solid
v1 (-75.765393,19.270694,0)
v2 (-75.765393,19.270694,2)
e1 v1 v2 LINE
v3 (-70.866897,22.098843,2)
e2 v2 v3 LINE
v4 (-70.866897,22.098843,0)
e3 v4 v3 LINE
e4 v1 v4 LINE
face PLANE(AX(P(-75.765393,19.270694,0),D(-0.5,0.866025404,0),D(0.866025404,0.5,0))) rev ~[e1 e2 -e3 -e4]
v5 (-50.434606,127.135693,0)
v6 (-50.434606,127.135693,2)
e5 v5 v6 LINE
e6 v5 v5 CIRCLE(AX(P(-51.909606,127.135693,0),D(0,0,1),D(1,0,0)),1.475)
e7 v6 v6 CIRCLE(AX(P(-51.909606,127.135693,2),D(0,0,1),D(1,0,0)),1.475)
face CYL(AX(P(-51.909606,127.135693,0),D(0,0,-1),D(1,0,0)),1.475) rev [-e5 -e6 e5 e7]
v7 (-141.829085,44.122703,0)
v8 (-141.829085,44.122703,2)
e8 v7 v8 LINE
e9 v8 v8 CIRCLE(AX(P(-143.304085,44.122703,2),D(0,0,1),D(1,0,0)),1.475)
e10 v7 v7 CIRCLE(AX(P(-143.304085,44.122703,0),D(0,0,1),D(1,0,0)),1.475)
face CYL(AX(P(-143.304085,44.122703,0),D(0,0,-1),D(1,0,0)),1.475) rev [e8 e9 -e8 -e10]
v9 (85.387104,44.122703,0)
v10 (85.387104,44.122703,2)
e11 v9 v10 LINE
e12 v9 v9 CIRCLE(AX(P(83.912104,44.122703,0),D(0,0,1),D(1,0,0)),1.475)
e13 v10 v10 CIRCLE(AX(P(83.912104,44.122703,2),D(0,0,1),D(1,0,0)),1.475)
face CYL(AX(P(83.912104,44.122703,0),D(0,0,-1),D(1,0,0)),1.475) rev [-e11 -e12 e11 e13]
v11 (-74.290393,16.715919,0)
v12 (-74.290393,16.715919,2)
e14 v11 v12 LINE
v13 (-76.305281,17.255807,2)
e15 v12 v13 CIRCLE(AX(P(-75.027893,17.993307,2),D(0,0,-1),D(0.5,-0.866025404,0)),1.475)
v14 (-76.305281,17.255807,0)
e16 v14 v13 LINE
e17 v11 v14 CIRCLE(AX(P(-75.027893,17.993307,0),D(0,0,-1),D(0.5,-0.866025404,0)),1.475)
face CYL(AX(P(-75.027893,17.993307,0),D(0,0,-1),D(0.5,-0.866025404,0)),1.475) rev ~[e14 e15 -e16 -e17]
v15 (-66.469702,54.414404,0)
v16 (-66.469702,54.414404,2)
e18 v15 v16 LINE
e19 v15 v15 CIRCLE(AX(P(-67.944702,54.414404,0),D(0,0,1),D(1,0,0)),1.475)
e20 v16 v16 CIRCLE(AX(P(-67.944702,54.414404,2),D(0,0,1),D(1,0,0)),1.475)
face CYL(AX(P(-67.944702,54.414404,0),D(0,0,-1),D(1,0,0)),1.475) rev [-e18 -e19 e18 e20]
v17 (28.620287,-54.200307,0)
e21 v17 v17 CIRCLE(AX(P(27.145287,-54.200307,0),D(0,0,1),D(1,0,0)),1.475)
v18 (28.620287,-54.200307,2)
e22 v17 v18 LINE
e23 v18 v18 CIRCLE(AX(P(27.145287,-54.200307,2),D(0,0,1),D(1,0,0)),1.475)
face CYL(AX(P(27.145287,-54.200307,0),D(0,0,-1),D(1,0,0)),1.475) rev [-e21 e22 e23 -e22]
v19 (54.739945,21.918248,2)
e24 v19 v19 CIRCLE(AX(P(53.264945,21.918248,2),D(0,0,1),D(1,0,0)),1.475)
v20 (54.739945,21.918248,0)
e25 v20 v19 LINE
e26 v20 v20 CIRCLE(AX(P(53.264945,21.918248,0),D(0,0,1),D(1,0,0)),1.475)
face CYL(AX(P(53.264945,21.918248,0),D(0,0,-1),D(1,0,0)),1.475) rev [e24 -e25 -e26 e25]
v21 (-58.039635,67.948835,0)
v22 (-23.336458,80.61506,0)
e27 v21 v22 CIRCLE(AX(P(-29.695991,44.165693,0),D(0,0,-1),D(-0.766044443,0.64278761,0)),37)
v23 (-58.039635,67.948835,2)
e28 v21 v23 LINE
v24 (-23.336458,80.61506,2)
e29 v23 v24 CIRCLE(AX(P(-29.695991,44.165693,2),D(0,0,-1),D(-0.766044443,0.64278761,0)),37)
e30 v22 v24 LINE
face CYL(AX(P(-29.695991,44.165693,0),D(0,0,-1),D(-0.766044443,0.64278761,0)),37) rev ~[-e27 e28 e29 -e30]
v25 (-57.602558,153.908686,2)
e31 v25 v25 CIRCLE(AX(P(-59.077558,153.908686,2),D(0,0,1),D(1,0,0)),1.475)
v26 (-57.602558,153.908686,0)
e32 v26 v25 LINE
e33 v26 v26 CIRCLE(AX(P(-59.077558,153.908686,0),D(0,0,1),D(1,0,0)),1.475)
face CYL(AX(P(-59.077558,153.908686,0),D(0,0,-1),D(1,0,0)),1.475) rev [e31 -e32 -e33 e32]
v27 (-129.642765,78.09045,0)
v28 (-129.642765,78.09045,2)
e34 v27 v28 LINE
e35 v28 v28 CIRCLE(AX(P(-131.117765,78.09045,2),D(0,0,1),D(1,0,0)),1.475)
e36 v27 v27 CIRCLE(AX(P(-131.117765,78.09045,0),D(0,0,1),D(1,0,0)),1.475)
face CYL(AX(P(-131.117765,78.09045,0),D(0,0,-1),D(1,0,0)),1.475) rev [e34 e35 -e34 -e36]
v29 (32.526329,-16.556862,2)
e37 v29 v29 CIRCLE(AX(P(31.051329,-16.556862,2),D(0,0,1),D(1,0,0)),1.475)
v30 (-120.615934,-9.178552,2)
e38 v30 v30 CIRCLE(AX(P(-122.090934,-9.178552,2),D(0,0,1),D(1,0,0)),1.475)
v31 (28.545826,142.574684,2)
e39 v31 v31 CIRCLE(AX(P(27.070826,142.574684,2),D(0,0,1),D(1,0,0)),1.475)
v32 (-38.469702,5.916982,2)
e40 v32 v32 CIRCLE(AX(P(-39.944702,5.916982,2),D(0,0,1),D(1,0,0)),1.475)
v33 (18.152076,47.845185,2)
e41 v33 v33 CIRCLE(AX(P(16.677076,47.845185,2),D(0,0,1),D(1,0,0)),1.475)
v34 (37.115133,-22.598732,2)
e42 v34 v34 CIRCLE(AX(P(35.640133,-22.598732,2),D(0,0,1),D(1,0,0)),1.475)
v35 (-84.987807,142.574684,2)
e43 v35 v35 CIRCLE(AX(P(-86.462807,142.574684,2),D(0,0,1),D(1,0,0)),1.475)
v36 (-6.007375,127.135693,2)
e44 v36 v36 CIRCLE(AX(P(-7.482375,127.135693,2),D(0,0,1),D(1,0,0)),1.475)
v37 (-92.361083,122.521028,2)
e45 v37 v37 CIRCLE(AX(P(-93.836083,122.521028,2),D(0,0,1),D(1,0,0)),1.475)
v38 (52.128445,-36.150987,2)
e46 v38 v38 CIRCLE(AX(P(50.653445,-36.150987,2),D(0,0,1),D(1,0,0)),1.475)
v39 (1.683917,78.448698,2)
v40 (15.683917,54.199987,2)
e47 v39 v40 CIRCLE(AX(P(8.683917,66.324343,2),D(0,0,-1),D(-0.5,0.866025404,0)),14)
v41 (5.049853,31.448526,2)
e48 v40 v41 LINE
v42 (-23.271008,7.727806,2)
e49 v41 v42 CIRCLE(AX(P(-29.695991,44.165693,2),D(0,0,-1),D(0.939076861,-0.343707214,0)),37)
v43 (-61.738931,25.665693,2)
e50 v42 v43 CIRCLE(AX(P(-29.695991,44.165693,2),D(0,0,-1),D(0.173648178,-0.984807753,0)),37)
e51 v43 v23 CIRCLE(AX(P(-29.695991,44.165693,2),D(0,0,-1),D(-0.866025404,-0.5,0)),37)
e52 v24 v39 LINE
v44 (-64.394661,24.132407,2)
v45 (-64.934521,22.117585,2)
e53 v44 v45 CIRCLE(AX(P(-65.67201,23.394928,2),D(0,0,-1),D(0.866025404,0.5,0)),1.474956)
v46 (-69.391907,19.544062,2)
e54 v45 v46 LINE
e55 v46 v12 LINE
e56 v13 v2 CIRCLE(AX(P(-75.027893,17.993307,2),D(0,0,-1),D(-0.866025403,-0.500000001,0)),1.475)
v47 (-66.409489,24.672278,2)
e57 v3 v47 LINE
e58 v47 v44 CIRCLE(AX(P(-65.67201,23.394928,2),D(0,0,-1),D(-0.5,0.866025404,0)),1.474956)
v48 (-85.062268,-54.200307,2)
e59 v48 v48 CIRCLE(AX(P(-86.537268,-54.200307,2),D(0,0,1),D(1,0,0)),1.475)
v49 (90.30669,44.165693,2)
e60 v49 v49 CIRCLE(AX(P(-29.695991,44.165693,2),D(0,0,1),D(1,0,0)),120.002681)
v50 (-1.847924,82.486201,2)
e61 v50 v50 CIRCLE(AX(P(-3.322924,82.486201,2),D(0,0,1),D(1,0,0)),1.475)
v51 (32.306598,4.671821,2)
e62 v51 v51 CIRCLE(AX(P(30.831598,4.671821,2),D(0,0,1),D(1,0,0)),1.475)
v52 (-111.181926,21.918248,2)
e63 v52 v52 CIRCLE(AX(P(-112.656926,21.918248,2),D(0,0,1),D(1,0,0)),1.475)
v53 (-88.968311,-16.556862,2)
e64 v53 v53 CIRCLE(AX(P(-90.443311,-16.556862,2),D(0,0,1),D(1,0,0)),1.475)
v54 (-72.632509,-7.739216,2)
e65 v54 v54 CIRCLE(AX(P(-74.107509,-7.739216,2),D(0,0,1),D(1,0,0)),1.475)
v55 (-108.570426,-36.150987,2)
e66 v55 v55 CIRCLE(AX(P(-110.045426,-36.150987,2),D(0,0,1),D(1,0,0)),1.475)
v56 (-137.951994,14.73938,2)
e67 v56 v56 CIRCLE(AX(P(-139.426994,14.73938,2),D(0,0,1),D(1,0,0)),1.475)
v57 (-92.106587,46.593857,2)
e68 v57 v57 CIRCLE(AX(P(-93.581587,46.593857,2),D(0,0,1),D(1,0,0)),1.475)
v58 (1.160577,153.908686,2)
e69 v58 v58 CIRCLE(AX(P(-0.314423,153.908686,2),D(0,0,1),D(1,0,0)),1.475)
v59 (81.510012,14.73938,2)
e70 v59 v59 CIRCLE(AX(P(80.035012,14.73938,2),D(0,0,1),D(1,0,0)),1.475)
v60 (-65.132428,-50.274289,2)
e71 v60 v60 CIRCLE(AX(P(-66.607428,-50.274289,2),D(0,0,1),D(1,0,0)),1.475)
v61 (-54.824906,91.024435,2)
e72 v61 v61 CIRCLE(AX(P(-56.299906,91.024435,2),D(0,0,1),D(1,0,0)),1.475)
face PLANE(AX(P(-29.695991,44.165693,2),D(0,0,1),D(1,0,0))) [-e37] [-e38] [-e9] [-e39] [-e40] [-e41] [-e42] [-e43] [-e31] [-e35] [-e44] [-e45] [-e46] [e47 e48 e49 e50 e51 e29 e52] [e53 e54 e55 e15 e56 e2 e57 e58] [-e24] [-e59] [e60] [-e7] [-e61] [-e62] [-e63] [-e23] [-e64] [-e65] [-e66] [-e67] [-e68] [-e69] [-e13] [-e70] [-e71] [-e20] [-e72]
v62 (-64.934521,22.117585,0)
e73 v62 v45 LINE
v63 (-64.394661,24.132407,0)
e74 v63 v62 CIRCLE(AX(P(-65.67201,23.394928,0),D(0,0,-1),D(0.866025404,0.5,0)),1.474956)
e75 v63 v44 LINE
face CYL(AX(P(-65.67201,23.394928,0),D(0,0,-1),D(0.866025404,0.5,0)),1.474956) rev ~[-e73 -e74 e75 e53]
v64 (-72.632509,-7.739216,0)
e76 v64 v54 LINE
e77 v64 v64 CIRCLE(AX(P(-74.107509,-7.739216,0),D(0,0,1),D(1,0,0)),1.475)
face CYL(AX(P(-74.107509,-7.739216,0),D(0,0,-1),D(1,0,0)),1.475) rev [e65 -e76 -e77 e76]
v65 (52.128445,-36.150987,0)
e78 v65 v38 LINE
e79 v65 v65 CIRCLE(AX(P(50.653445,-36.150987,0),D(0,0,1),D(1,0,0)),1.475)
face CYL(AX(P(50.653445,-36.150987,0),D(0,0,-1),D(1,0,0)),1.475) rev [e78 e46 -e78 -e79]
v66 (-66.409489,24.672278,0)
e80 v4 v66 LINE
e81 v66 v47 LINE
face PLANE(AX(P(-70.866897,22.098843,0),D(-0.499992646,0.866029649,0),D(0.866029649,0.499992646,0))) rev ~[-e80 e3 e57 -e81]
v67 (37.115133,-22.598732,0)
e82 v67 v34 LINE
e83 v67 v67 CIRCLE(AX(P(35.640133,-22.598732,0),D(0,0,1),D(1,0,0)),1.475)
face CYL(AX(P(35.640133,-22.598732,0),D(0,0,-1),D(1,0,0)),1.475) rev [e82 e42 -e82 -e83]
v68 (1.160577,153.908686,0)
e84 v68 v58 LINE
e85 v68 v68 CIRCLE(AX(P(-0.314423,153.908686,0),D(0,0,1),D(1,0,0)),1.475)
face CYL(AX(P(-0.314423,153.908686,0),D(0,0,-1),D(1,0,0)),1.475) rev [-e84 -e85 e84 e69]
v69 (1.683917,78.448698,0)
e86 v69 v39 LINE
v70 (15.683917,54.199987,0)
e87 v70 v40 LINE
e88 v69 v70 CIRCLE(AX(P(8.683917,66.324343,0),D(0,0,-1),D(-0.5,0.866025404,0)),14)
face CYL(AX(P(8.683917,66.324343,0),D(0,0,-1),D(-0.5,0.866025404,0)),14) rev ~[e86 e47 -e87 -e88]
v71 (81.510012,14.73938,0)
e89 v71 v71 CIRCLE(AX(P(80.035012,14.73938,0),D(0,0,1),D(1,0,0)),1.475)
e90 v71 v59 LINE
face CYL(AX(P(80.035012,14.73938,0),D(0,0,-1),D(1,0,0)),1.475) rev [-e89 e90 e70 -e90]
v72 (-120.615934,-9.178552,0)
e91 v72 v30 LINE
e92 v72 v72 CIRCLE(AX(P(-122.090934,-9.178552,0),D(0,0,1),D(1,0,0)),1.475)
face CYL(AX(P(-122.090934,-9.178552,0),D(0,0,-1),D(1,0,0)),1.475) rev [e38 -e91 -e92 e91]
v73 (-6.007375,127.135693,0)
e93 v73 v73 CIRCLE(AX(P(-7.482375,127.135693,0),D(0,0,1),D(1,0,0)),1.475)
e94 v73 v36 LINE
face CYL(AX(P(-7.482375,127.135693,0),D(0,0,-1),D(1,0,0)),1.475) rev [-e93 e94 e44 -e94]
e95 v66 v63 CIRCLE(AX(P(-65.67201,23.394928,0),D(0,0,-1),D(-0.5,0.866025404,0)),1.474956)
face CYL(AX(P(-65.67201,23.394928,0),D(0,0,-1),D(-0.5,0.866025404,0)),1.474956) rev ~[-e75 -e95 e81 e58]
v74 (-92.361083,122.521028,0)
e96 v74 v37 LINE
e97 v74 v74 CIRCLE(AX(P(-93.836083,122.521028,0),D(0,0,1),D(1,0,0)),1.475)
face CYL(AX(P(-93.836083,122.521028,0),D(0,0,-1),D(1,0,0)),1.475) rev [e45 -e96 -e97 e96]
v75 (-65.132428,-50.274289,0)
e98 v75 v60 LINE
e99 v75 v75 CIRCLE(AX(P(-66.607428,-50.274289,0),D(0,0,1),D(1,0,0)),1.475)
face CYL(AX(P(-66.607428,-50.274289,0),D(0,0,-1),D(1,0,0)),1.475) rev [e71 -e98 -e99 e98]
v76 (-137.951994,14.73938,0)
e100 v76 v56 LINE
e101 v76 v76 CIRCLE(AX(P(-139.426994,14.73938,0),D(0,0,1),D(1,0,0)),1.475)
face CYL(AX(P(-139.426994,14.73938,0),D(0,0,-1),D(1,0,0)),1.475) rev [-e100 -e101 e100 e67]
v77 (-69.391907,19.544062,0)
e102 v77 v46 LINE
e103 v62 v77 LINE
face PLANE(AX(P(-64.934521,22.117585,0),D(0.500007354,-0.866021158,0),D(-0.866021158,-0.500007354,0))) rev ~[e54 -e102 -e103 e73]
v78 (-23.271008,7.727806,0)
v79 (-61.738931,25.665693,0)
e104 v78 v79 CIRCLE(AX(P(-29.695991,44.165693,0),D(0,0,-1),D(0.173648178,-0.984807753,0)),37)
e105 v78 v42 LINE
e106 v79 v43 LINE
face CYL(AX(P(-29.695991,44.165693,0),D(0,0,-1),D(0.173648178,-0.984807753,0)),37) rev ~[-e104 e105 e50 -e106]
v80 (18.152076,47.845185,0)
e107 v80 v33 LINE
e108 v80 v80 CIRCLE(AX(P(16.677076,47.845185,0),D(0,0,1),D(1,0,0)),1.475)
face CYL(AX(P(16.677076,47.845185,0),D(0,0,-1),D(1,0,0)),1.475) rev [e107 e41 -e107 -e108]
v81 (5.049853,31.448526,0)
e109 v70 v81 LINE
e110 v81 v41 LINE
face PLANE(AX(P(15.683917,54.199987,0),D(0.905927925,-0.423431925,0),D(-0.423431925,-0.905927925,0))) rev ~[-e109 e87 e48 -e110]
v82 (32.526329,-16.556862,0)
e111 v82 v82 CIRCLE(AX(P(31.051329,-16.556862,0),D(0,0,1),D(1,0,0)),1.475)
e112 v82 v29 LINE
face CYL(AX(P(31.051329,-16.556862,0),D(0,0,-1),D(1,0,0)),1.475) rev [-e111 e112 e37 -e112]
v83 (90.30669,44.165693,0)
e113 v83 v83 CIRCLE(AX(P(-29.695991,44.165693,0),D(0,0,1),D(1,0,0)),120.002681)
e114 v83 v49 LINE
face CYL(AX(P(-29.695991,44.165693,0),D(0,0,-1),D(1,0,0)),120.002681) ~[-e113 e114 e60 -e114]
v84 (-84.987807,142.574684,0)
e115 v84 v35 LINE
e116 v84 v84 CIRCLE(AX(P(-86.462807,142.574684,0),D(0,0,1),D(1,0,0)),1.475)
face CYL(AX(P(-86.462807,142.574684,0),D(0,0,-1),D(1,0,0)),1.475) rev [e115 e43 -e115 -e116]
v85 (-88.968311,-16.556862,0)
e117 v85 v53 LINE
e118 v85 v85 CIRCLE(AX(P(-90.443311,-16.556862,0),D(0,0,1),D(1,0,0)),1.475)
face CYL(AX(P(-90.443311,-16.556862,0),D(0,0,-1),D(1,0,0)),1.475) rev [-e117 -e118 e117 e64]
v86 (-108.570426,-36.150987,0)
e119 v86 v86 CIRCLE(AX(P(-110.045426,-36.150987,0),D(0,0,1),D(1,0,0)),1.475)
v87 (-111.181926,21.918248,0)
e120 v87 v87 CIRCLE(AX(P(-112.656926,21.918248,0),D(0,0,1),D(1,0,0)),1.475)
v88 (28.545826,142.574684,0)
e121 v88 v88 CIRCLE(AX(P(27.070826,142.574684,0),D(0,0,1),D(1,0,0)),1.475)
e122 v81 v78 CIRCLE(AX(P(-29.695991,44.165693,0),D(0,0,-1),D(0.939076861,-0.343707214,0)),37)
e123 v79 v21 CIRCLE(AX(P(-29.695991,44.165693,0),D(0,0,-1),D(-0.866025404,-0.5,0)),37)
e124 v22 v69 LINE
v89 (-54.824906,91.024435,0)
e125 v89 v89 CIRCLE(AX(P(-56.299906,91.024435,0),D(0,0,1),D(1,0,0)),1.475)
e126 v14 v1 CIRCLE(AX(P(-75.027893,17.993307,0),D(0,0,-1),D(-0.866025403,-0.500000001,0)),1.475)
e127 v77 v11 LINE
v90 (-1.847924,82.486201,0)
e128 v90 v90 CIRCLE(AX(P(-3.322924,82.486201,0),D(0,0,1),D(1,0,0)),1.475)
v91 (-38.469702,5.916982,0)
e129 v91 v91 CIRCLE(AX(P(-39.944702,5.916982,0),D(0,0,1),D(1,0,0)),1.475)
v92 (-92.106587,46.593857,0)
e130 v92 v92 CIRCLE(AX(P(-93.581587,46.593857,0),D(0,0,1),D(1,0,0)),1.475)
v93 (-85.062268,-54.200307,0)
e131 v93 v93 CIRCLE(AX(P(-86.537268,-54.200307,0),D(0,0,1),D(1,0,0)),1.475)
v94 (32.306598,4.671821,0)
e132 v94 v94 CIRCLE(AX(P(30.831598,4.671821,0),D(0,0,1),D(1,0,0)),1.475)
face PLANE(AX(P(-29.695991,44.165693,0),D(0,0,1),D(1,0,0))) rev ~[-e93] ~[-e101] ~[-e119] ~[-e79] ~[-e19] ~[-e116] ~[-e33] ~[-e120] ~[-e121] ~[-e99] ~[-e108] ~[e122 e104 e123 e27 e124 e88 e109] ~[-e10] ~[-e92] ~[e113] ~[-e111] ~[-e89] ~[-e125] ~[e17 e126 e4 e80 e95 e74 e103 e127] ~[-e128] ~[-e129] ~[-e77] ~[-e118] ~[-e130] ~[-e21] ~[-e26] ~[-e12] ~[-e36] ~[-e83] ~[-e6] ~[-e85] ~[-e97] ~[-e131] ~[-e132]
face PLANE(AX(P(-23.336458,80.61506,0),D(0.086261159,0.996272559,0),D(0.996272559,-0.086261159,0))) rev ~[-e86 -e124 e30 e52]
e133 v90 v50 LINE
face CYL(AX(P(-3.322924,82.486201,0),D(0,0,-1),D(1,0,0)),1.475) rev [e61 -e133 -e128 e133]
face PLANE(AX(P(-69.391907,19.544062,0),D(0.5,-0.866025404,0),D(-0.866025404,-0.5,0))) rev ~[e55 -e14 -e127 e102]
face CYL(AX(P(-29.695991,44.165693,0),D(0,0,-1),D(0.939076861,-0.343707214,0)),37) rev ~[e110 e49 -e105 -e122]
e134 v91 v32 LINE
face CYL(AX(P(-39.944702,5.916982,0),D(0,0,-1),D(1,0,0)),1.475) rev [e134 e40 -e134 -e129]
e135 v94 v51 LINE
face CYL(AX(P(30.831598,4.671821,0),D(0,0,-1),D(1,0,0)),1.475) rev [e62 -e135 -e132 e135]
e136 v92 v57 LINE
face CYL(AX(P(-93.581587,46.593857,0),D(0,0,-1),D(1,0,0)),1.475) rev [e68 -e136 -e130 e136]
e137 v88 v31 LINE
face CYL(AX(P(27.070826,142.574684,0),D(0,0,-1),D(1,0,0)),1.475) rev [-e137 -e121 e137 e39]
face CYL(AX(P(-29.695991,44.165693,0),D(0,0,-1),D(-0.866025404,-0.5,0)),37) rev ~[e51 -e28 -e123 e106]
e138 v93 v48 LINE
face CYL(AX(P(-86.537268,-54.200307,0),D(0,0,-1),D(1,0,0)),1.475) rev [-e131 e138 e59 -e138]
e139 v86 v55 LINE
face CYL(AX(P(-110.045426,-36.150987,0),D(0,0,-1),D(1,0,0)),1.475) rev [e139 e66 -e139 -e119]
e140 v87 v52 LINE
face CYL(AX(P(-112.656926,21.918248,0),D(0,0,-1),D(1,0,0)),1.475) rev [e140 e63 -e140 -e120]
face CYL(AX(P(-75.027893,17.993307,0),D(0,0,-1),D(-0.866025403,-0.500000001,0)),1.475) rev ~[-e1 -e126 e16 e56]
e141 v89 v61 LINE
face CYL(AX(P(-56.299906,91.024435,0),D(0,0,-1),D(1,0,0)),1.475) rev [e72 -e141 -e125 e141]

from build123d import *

# Parameters (mm, degrees)
SKETCH1_R           = 120.00268075
SKETCH1_R_2         = 1.475
BOSS_EXTRUDE1_DEPTH = 2


with BuildPart() as part:
    # Sketch1 → Boss-Extrude1 (new body)
    with BuildSketch(Plane.XY):
        with Locations((-29.695990648, 44.165693097)):
            Circle(SKETCH1_R)
        with Locations((-131.117764712, 78.090450262)):
            Circle(SKETCH1_R_2, mode=Mode.SUBTRACT)
        with Locations((-93.581586999, 46.593857387)):
            Circle(SKETCH1_R_2, mode=Mode.SUBTRACT)
        with Locations((-56.299905637, 91.024435088)):
            Circle(SKETCH1_R_2, mode=Mode.SUBTRACT)
        with Locations((-93.83608335, 122.521027963)):
            Circle(SKETCH1_R_2, mode=Mode.SUBTRACT)
        with Locations((-110.045426455, -36.150986818)):
            Circle(SKETCH1_R_2, mode=Mode.SUBTRACT)
        with Locations((-122.090933715, -9.178552154)):
            Circle(SKETCH1_R_2, mode=Mode.SUBTRACT)
        with Locations((-90.443310675, -16.556862192)):
            Circle(SKETCH1_R_2, mode=Mode.SUBTRACT)
        with Locations((-86.537268392, -54.200307389)):
            Circle(SKETCH1_R_2, mode=Mode.SUBTRACT)
        with Locations((-66.607427563, -50.274288778)):
            Circle(SKETCH1_R_2, mode=Mode.SUBTRACT)
        with Locations((-74.107508579, -7.739215663)):
            Circle(SKETCH1_R_2, mode=Mode.SUBTRACT)
        with Locations((-139.426993706, 14.739380466)):
            Circle(SKETCH1_R_2, mode=Mode.SUBTRACT)
        with Locations((-112.656926125, 21.918248387)):
            Circle(SKETCH1_R_2, mode=Mode.SUBTRACT)
        with Locations((-143.304084809, 44.12270283)):
            Circle(SKETCH1_R_2, mode=Mode.SUBTRACT)
        with BuildLine():
            ThreePointArc((-66.409488535, 24.672278037), (-65.290263608, 24.819626794), (-64.394660767, 24.132406564))
            ThreePointArc((-64.394660767, 24.132406564), (-64.247310389, 23.013187685), (-64.934521394, 22.117585057))
            Line((-64.934521394, 22.117585057), (-69.391907416, 19.544061572))
            Line((-69.391907416, 19.544061572), (-74.290393291, 16.715919433))
            ThreePointArc((-74.290393291, 16.715919433), (-75.409651382, 16.56856631), (-76.305280761, 17.255806904))
            ThreePointArc((-76.305280761, 17.255806904), (-76.452633885, 18.375064995), (-75.765393291, 19.270694374))
            Line((-75.765393291, 19.270694374), (-70.866896569, 22.098842775))
            Line((-70.866896569, 22.098842775), (-66.409488535, 24.672278037))
        make_face(mode=Mode.SUBTRACT)
        with Locations((-39.944701954, 5.916981791)):
            Circle(SKETCH1_R_2, mode=Mode.SUBTRACT)
        with Locations((27.145287096, -54.200307389)):
            Circle(SKETCH1_R_2, mode=Mode.SUBTRACT)
        with Locations((50.653445159, -36.150986818)):
            Circle(SKETCH1_R_2, mode=Mode.SUBTRACT)
        with Locations((31.051329379, -16.556862192)):
            Circle(SKETCH1_R_2, mode=Mode.SUBTRACT)
        with Locations((35.640132692, -22.598732381)):
            Circle(SKETCH1_R_2, mode=Mode.SUBTRACT)
        with BuildLine():
            ThreePointArc((-23.271008074, 7.727806236), (-45.332866332, 10.632304977), (-61.738930588, 25.665693097))
            ThreePointArc((-61.738930588, 25.665693097), (-66.555194477, 47.390455579), (-58.039635043, 67.948834656))
            ThreePointArc((-58.039635043, 67.948834656), (-42.381951879, 78.922942523), (-23.336458345, 80.615060018))
            Line((-23.336458345, 80.615060018), (1.683916538, 78.448698496))
            ThreePointArc((1.683916538, 78.448698496), (20.808272191, 73.324342843), (15.683916538, 54.19998719))
            Line((15.683916538, 54.19998719), (5.049853209, 31.448526168))
            ThreePointArc((5.049853209, 31.448526168), (-5.938310295, 15.800703687), (-23.271008074, 7.727806236))
        make_face(mode=Mode.SUBTRACT)
        with Locations((16.677076311, 47.845185022)):
            Circle(SKETCH1_R_2, mode=Mode.SUBTRACT)
        with Locations((30.83159843, 4.671820563)):
            Circle(SKETCH1_R_2, mode=Mode.SUBTRACT)
        with Locations((53.264944829, 21.918248387)):
            Circle(SKETCH1_R_2, mode=Mode.SUBTRACT)
        with Locations((80.03501241, 14.739380466)):
            Circle(SKETCH1_R_2, mode=Mode.SUBTRACT)
        with Locations((83.912103514, 44.12270283)):
            Circle(SKETCH1_R_2, mode=Mode.SUBTRACT)
        with Locations((-67.944701954, 54.414404403)):
            Circle(SKETCH1_R_2, mode=Mode.SUBTRACT)
        with Locations((-51.909606098, 127.135693097)):
            Circle(SKETCH1_R_2, mode=Mode.SUBTRACT)
        with Locations((-86.462807065, 142.57468385)):
            Circle(SKETCH1_R_2, mode=Mode.SUBTRACT)
        with Locations((-59.077557898, 153.908685644)):
            Circle(SKETCH1_R_2, mode=Mode.SUBTRACT)
        with Locations((-3.322923689, 82.486201173)):
            Circle(SKETCH1_R_2, mode=Mode.SUBTRACT)
        with Locations((-7.482375198, 127.135693097)):
            Circle(SKETCH1_R_2, mode=Mode.SUBTRACT)
        with Locations((-0.314423397, 153.908685644)):
            Circle(SKETCH1_R_2, mode=Mode.SUBTRACT)
        with Locations((27.070825769, 142.57468385)):
            Circle(SKETCH1_R_2, mode=Mode.SUBTRACT)
    extrude(amount=BOSS_EXTRUDE1_DEPTH)


solid = part.part
